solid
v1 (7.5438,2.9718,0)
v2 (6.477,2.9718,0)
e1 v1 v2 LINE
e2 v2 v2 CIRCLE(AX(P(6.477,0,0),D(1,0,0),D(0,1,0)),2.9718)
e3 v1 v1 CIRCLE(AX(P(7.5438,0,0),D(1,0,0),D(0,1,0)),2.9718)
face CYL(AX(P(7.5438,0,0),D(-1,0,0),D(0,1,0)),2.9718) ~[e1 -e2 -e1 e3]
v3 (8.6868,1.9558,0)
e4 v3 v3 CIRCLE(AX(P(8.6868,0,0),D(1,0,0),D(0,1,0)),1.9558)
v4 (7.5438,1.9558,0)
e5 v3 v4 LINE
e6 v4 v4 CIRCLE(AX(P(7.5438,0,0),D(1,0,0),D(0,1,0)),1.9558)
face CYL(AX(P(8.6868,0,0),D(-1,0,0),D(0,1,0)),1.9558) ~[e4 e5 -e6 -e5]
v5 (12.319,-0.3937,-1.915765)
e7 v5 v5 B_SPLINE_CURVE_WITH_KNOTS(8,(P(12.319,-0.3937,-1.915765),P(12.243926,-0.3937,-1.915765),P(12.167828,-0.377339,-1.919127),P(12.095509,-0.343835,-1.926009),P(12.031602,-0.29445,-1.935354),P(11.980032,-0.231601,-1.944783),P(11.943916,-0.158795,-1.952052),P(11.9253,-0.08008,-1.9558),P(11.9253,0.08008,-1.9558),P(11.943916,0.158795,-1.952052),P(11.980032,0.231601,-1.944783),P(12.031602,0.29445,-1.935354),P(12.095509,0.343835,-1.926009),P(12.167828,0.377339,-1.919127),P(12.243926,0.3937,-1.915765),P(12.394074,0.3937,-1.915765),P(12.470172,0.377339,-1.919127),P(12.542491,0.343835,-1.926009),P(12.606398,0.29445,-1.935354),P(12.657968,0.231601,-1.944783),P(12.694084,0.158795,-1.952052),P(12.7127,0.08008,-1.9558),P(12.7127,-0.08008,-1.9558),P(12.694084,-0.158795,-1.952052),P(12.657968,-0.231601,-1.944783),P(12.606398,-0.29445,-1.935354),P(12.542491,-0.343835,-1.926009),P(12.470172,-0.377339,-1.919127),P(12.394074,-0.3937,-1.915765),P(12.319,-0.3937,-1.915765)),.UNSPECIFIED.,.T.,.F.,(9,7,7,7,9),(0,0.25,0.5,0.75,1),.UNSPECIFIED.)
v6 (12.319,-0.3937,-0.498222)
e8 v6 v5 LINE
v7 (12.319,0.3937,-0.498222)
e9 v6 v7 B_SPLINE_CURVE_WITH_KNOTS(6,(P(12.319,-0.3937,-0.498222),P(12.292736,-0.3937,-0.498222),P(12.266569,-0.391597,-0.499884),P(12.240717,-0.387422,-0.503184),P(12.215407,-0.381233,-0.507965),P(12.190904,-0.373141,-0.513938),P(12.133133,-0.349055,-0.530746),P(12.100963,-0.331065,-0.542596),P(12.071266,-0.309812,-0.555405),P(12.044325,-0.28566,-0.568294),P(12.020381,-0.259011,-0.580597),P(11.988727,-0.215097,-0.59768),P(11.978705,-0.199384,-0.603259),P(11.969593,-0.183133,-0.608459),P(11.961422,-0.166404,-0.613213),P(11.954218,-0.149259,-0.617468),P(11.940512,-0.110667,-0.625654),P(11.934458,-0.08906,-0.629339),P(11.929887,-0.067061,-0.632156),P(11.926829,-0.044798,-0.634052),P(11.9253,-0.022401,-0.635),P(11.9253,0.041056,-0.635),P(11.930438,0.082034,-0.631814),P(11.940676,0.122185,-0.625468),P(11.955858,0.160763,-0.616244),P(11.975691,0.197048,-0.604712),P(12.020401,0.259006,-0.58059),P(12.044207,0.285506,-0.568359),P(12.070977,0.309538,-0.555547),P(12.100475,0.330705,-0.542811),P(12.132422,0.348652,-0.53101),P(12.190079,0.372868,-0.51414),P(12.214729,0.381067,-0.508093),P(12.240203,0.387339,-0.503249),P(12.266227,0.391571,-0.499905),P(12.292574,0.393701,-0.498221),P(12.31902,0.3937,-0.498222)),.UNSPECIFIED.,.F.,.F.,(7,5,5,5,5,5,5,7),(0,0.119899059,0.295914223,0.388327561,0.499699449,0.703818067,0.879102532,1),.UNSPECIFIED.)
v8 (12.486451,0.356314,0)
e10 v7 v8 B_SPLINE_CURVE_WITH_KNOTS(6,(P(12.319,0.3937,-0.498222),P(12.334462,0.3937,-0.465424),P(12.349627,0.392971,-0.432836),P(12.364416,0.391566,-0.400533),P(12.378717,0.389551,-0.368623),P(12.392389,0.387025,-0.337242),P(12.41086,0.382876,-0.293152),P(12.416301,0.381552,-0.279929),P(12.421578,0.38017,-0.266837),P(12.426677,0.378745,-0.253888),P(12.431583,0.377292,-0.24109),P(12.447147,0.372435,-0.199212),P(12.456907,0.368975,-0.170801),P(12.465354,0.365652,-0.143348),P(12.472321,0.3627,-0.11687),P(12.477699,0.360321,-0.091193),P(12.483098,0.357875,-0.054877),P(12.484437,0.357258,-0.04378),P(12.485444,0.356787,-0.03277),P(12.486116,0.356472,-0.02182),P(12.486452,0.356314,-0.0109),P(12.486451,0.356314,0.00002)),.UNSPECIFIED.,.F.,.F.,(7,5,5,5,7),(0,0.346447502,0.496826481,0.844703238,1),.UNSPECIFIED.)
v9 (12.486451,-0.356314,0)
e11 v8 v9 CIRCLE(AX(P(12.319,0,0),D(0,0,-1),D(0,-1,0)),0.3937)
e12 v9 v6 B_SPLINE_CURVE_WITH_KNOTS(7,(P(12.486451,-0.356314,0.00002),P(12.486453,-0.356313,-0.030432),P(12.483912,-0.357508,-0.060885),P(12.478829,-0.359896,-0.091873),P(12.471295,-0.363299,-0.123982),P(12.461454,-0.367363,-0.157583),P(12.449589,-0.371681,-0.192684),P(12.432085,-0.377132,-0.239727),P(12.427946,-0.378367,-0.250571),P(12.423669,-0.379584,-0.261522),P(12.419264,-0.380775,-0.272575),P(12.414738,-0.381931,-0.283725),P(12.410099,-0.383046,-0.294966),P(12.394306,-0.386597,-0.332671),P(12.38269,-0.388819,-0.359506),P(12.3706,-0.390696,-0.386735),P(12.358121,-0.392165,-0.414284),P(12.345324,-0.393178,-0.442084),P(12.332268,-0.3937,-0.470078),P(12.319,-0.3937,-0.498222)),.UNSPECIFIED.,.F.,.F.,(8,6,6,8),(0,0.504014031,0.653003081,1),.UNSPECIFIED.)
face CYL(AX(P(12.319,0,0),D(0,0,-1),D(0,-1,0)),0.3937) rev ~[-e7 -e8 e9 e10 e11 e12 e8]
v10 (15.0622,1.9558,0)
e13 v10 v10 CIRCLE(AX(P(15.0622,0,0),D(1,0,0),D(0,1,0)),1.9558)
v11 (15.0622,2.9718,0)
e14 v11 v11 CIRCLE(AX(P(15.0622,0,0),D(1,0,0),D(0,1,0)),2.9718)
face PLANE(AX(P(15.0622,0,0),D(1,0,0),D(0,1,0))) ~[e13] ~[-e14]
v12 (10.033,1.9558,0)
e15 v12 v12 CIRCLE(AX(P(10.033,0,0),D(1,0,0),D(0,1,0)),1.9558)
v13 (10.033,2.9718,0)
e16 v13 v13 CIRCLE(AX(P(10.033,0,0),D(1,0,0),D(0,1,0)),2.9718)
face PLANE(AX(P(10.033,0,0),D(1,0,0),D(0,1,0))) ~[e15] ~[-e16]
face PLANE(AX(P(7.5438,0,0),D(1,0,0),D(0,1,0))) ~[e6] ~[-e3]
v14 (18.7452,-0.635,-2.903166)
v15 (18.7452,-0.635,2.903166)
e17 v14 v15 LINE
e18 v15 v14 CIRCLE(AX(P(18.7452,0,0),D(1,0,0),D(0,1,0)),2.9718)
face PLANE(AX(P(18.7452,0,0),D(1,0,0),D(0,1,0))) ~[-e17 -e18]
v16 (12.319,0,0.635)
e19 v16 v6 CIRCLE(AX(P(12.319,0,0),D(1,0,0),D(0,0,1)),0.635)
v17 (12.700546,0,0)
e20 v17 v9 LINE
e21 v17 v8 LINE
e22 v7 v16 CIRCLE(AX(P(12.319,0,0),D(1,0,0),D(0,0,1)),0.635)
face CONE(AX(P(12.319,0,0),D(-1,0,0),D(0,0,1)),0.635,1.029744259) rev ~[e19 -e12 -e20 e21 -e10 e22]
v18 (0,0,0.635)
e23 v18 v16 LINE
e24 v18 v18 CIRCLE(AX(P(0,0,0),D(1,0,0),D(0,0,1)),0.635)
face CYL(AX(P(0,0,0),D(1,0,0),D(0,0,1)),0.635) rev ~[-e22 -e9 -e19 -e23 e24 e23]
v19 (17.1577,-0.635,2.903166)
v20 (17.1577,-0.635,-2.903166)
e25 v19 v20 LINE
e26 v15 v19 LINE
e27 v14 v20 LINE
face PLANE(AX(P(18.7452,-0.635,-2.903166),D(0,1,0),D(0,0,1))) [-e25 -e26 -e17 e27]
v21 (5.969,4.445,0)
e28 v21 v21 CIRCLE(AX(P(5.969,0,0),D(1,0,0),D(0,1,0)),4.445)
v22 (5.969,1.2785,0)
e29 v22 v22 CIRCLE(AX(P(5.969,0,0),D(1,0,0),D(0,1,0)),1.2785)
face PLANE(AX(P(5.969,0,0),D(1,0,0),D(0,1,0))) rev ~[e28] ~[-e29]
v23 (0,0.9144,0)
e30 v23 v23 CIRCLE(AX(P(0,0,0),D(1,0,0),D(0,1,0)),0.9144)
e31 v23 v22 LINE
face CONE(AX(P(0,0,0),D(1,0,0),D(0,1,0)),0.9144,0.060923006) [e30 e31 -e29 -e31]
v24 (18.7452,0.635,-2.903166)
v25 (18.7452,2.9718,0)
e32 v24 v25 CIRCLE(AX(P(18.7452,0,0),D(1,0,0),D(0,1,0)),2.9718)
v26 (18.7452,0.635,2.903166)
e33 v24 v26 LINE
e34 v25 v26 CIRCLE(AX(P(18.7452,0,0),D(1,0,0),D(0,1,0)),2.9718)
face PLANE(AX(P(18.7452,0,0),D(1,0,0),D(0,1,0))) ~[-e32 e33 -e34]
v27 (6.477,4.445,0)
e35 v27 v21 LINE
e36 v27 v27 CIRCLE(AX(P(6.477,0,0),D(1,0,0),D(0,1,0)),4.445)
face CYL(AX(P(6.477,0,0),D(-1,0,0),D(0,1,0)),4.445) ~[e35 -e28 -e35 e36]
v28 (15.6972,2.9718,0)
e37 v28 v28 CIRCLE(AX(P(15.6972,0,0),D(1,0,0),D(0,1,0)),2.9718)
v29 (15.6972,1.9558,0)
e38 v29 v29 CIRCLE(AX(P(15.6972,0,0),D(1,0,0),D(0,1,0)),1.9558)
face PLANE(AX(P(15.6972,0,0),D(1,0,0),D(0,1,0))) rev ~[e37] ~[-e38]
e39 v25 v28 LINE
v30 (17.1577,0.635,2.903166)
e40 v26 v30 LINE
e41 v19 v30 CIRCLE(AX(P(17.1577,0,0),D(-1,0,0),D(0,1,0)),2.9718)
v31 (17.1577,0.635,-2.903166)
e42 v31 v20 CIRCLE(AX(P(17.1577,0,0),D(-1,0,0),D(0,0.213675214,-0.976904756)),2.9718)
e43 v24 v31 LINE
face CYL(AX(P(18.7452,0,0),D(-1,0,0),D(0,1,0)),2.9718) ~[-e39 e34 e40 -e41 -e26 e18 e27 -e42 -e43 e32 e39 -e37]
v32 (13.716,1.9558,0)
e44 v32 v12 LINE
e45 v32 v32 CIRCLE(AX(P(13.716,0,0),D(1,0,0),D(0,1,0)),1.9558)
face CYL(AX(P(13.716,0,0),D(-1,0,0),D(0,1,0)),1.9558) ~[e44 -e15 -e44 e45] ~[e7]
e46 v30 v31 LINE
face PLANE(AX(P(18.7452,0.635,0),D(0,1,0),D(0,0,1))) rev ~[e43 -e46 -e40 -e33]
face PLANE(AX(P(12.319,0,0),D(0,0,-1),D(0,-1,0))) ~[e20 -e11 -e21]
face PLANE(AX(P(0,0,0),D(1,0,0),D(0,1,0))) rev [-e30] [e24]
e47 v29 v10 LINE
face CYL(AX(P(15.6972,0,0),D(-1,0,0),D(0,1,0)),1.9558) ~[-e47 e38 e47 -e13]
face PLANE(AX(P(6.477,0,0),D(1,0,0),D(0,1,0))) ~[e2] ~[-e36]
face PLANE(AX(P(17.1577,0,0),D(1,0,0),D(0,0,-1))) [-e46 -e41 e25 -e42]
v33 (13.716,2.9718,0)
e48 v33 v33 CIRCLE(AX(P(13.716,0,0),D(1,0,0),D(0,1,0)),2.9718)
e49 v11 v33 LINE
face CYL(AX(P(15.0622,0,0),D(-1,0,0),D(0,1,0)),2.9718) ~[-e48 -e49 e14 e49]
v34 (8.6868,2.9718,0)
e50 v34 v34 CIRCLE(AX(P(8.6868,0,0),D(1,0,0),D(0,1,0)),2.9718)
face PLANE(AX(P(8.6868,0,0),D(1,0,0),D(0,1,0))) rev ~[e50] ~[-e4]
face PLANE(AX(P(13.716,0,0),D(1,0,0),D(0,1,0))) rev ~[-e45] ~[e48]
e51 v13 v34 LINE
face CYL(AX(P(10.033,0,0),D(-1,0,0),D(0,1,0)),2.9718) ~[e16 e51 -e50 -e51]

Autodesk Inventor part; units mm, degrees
ref_plane "YZ Plane" through (0, 0, 0) normal (1, 0, 0) x (0, 1, 0)
ref_plane "XZ Plane" through (0, 0, 0) normal (0, 1, 0) x (-1, 0, 0)
ref_plane "XY Plane" through (0, 0, 0) normal (0, 0, 1) x (1, 0, 0)
sketch "Sketch1" plane through (0, 0, 0) normal (0, 0, 1) x (1, 0, 0)
  line L0 (0, 0) -> (18.7452, 0)
  line L1 (18.7452, 0) -> (18.7452, 2.9718)
  line L2 (18.7452, 2.9718) -> (15.6972, 2.9718)
  line L3 (15.6972, 2.9718) -> (15.6972, 1.9558)
  line L4 (15.6972, 1.9558) -> (15.0622, 1.9558)
  line L5 (15.0622, 1.9558) -> (15.0622, 2.9718)
  line L6 (15.0622, 2.9718) -> (13.716, 2.9718)
  line L7 (13.716, 2.9718) -> (13.716, 1.9558)
  line L8 (13.716, 1.9558) -> (10.033, 1.9558)
  line L9 (10.033, 1.9558) -> (10.033, 2.9718)
  line L10 (10.033, 2.9718) -> (8.6868, 2.9718)
  line L11 (8.6868, 2.9718) -> (8.6868, 1.9558)
  line L12 (8.6868, 1.9558) -> (7.5438, 1.9558)
  line L13 (7.5438, 1.9558) -> (7.5438, 2.9718)
  line L14 (7.5438, 2.9718) -> (6.477, 2.9718)
  line L15 (6.477, 2.9718) -> (6.477, 4.445)
  line L16 (6.477, 4.445) -> (5.969, 4.445)
  line L17 (5.969, 4.445) -> (5.969, 1.2785)
  line L18 (0, 0) -> (0, 0.9144)
  line L19 (0, 0.9144) -> (5.969, 1.2785)
  dimension "d0" = 18.7452
  dimension "d1" = 2.9718
  dimension "d2" = 3.048
  dimension "d3" = 1.016
  dimension "d4" = 0.635
  dimension "d5" = 1.3462
  dimension "d6" = 3.683
  dimension "d7" = 1.3462
  dimension "d8" = 1.143
  dimension "d9" = 1.0668
  dimension "d10" = 1.4732
  dimension "d11" = 0.508
  dimension "d12" = 0.9144
revolve "Revolution1" add sketch "Sketch1" angle 360 about axis through (0, 0, 0) along (1, 0, 0)
hole "Hole1" at (0, 0, 0) direction (1, 0, 0) diameter 1.27 depth 12.319 tip angle 118
thread "Thread1" size "1/4-20 UNC" class "2A" standard "ANSI Unified Screw Threads" full length
sketch "Sketch2" plane through (18.7452, 0, 0) normal (1, 0, 0) x (0, 0, -1)
  circle A0 centre (0, 0) radius 2.9718 projected
  line L0 (0, 0) -> (0, 0.635)
  line L1 (0, 0.635) -> (-2.9972, 0.635)
  line L2 (-2.9972, 0.635) -> (2.9718, 0.635)
  line L3 (2.9718, 0.635) -> (2.9718, -0.635)
  line L4 (2.9718, -0.635) -> (-2.9972, -0.635)
  line L5 (-2.9972, -0.635) -> (-2.9972, 0.635)
  dimension "d25" = 0.635
  dimension "d26" = 2.9972
  dimension "d27" = 5.969
  dimension "d28" = 1.27
extrude "Extrusion1" cut sketch "Sketch2" against normal blind 1.5875 contours A0 L4 L1 L2 | L3 L4 A0 | A0 L2 L3 | A0 L4 L5 L1
sketch "Sketch3" plane through (0, 0, 0) normal (0, 0, 1) x (1, 0, 0)
  line L0 (0, 0) -> (12.319, 0)
  dimension "d31" = 12.319
hole "Hole2" at (12.319, 0, 0) direction (0, 0, -1) diameter 0.7874 end through all
properties part number "Carburetor"
